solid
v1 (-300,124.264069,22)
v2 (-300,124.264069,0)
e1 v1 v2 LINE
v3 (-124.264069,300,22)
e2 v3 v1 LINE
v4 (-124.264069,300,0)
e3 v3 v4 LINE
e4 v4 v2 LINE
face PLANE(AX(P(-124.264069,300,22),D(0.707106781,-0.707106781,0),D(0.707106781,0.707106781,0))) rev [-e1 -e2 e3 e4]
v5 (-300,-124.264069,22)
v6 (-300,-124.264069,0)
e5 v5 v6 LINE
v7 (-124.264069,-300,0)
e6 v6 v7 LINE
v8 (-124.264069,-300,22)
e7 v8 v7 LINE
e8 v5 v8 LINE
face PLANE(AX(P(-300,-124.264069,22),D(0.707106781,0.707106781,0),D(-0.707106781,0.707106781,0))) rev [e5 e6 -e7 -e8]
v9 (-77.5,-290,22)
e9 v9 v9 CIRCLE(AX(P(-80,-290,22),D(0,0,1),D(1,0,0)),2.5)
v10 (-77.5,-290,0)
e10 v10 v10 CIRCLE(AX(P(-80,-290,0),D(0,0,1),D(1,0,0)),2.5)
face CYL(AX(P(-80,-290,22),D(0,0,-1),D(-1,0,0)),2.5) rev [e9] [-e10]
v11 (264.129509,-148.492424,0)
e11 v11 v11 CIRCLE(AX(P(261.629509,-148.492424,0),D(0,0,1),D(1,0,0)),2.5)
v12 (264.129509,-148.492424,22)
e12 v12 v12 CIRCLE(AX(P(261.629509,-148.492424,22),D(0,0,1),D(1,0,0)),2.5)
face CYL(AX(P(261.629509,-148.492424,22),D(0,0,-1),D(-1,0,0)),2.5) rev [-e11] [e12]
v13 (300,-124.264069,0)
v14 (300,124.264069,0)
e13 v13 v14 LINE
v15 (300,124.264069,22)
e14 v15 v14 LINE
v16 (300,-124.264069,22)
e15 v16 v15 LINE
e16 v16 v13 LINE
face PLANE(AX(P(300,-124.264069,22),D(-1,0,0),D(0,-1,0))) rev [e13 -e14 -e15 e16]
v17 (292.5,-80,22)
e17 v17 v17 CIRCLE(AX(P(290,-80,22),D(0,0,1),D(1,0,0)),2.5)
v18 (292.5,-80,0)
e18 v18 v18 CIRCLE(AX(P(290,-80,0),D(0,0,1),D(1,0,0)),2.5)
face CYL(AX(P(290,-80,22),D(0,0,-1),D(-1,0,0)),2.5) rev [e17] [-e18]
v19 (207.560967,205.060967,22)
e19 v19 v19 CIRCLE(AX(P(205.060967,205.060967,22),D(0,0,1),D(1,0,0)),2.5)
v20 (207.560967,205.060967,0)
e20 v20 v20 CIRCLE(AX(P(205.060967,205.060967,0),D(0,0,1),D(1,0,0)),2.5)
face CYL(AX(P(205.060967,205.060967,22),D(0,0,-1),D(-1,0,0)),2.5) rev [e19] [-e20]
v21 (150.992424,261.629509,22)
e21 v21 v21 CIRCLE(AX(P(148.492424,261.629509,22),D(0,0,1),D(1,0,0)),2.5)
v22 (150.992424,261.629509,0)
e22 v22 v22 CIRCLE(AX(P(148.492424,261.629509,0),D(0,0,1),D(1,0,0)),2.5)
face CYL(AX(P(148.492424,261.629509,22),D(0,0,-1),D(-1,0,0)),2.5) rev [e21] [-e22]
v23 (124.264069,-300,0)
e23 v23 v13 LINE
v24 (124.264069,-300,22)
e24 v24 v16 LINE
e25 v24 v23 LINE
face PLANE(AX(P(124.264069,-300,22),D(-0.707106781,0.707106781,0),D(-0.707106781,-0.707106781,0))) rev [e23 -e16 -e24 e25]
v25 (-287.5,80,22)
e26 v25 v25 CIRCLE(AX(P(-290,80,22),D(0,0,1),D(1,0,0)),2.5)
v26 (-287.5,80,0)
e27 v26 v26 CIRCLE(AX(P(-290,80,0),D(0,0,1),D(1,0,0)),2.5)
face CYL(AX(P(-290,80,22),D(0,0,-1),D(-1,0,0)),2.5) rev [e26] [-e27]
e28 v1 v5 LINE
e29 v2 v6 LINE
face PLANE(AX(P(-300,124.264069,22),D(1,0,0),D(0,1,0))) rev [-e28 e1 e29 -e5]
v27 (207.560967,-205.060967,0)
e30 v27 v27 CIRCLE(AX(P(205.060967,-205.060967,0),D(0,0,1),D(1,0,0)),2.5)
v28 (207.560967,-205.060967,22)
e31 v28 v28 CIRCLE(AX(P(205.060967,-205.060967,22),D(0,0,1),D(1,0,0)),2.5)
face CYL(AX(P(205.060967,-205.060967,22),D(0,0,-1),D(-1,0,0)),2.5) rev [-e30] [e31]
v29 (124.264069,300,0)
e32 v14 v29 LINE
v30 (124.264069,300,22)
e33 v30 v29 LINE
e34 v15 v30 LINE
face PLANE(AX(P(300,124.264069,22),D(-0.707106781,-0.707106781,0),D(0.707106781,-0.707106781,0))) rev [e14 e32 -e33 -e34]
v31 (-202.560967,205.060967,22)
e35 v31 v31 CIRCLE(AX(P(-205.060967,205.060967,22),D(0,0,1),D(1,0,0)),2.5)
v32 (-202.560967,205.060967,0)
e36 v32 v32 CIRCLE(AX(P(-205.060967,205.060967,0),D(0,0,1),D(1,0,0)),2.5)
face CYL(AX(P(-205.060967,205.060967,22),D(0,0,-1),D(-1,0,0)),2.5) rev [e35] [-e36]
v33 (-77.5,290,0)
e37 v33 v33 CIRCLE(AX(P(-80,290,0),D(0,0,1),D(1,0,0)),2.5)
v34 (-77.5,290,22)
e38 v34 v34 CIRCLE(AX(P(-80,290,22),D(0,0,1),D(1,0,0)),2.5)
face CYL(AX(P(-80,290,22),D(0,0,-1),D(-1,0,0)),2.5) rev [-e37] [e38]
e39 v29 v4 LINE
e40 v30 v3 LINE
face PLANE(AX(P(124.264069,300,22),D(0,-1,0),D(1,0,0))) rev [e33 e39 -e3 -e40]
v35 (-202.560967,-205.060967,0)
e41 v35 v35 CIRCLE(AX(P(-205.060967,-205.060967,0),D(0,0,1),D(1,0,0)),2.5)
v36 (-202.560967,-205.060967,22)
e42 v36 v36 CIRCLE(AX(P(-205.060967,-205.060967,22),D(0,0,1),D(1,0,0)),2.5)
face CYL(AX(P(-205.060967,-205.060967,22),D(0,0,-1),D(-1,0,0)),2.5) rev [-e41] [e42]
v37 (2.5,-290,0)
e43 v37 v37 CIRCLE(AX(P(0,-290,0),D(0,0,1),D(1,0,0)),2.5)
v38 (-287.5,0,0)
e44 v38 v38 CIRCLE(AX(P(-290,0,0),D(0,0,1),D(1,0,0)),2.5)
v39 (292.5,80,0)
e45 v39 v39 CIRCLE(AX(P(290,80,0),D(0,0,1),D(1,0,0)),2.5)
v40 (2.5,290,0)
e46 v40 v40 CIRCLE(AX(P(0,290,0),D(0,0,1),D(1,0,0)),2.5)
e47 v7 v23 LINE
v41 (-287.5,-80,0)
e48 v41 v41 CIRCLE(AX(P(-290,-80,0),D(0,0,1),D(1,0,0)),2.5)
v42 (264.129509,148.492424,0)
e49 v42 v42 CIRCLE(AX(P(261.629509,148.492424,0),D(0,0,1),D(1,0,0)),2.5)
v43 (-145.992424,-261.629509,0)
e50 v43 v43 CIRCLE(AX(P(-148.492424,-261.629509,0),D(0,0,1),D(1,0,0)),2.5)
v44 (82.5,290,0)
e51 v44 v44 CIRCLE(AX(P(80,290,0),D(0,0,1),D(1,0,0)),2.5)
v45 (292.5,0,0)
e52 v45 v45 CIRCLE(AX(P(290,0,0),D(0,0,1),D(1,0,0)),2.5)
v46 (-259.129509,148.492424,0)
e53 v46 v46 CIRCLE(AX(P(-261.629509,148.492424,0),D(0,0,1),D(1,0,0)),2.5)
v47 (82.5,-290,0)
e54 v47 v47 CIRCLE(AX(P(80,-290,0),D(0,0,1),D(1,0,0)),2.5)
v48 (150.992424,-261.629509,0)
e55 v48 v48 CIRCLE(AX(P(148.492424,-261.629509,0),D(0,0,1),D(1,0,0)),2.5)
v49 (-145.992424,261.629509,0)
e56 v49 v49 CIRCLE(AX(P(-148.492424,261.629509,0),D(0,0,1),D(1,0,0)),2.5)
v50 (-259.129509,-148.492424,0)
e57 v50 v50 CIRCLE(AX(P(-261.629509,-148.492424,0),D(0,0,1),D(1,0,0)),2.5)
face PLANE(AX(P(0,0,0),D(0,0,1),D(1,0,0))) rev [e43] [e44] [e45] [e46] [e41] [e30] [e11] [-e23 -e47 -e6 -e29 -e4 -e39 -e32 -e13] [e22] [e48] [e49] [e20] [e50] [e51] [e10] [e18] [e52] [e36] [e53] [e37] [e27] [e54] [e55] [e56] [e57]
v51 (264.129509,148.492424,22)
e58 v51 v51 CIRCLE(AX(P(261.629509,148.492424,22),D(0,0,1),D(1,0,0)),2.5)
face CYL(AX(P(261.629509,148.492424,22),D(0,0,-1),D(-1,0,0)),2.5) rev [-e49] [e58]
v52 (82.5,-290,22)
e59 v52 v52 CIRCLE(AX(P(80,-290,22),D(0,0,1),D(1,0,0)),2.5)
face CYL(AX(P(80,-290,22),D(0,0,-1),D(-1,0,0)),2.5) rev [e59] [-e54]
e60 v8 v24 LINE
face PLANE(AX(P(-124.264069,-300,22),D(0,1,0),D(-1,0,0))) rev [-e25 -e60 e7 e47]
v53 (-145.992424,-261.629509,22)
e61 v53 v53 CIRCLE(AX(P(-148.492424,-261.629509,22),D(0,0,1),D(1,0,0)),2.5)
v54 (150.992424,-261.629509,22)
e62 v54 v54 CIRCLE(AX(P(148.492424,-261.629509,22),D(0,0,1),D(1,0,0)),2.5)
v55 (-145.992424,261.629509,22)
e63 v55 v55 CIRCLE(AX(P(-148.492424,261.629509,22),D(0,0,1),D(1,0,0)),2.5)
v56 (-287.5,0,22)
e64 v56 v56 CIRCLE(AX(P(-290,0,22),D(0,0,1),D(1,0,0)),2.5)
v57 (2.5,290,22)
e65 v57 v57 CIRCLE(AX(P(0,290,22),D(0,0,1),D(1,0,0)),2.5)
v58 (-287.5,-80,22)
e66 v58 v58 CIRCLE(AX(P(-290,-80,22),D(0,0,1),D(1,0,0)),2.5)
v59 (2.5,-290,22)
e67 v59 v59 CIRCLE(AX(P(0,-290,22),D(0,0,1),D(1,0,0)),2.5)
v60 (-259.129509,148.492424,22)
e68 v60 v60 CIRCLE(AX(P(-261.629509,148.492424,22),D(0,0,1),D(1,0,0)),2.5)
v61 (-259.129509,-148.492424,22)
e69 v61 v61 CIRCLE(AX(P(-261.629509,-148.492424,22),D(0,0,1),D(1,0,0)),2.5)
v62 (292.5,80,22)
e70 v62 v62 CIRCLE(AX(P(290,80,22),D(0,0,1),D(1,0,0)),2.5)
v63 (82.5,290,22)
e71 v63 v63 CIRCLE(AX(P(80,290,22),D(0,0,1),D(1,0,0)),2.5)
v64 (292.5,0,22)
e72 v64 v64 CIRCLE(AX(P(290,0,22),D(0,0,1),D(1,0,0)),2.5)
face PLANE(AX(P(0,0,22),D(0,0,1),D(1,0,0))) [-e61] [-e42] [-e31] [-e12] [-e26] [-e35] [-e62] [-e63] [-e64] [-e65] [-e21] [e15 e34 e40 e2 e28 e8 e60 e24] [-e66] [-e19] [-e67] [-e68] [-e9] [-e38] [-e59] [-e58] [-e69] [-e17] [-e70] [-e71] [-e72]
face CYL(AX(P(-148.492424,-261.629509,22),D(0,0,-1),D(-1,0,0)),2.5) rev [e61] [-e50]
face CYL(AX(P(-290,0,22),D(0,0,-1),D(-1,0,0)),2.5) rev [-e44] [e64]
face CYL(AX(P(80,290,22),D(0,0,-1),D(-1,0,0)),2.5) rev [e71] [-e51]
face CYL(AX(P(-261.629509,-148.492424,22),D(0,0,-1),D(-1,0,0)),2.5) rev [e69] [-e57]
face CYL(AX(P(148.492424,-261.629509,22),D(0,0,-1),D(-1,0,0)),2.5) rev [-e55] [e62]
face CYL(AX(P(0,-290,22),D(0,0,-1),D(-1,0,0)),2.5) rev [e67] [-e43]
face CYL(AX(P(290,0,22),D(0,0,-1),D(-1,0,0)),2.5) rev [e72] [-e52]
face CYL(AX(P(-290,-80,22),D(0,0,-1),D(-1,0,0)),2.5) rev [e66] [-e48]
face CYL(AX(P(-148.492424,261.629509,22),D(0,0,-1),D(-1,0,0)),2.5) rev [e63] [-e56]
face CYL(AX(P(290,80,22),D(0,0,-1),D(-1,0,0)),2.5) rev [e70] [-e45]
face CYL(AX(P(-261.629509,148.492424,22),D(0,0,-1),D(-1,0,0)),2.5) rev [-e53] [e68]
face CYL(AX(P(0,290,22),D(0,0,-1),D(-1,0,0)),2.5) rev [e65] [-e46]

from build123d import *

# Parameters (mm, degrees)
SKETCH_1_R      = 2.5
EXTRUDE_1_DEPTH = 22


with BuildPart() as part:
    # 스케치1 → 보스-돌출1 (new body)
    with BuildSketch(Plane.XY):
        Polygon((124.264068712, 300), (-124.264068712, 300), (-300, 124.264068712), (-300, -124.264068712), (-124.264068712, -300), (124.264068712, -300), (300, -124.264068712), (300, 124.264068712), align=None)
        with Locations((0, 290)):
            Circle(SKETCH_1_R, mode=Mode.SUBTRACT)
        with Locations((80, 290)):
            Circle(SKETCH_1_R, mode=Mode.SUBTRACT)
        with Locations((-80, 290)):
            Circle(SKETCH_1_R, mode=Mode.SUBTRACT)
        with Locations((148.492424049, 261.629509039)):
            Circle(SKETCH_1_R, mode=Mode.SUBTRACT)
        with Locations((205.060966544, 205.060966544)):
            Circle(SKETCH_1_R, mode=Mode.SUBTRACT)
        with Locations((261.629509039, 148.492424049)):
            Circle(SKETCH_1_R, mode=Mode.SUBTRACT)
        with Locations((290, 80)):
            Circle(SKETCH_1_R, mode=Mode.SUBTRACT)
        with Locations((290, 0)):
            Circle(SKETCH_1_R, mode=Mode.SUBTRACT)
        with Locations((290, -80)):
            Circle(SKETCH_1_R, mode=Mode.SUBTRACT)
        with Locations((261.629509039, -148.492424049)):
            Circle(SKETCH_1_R, mode=Mode.SUBTRACT)
        with Locations((205.060966544, -205.060966544)):
            Circle(SKETCH_1_R, mode=Mode.SUBTRACT)
        with Locations((148.492424049, -261.629509039)):
            Circle(SKETCH_1_R, mode=Mode.SUBTRACT)
        with Locations((80, -290)):
            Circle(SKETCH_1_R, mode=Mode.SUBTRACT)
        with Locations((0, -290)):
            Circle(SKETCH_1_R, mode=Mode.SUBTRACT)
        with Locations((-80, -290)):
            Circle(SKETCH_1_R, mode=Mode.SUBTRACT)
        with Locations((-148.492424049, -261.629509039)):
            Circle(SKETCH_1_R, mode=Mode.SUBTRACT)
        with Locations((-205.060966544, -205.060966544)):
            Circle(SKETCH_1_R, mode=Mode.SUBTRACT)
        with Locations((-261.629509039, -148.492424049)):
            Circle(SKETCH_1_R, mode=Mode.SUBTRACT)
        with Locations((-290, -80)):
            Circle(SKETCH_1_R, mode=Mode.SUBTRACT)
        with Locations((-290, 0)):
            Circle(SKETCH_1_R, mode=Mode.SUBTRACT)
        with Locations((-290, 80)):
            Circle(SKETCH_1_R, mode=Mode.SUBTRACT)
        with Locations((-261.629509039, 148.492424049)):
            Circle(SKETCH_1_R, mode=Mode.SUBTRACT)
        with Locations((-205.060966544, 205.060966544)):
            Circle(SKETCH_1_R, mode=Mode.SUBTRACT)
        with Locations((-148.492424049, 261.629509039)):
            Circle(SKETCH_1_R, mode=Mode.SUBTRACT)
    extrude(amount=EXTRUDE_1_DEPTH)


solid = part.part
